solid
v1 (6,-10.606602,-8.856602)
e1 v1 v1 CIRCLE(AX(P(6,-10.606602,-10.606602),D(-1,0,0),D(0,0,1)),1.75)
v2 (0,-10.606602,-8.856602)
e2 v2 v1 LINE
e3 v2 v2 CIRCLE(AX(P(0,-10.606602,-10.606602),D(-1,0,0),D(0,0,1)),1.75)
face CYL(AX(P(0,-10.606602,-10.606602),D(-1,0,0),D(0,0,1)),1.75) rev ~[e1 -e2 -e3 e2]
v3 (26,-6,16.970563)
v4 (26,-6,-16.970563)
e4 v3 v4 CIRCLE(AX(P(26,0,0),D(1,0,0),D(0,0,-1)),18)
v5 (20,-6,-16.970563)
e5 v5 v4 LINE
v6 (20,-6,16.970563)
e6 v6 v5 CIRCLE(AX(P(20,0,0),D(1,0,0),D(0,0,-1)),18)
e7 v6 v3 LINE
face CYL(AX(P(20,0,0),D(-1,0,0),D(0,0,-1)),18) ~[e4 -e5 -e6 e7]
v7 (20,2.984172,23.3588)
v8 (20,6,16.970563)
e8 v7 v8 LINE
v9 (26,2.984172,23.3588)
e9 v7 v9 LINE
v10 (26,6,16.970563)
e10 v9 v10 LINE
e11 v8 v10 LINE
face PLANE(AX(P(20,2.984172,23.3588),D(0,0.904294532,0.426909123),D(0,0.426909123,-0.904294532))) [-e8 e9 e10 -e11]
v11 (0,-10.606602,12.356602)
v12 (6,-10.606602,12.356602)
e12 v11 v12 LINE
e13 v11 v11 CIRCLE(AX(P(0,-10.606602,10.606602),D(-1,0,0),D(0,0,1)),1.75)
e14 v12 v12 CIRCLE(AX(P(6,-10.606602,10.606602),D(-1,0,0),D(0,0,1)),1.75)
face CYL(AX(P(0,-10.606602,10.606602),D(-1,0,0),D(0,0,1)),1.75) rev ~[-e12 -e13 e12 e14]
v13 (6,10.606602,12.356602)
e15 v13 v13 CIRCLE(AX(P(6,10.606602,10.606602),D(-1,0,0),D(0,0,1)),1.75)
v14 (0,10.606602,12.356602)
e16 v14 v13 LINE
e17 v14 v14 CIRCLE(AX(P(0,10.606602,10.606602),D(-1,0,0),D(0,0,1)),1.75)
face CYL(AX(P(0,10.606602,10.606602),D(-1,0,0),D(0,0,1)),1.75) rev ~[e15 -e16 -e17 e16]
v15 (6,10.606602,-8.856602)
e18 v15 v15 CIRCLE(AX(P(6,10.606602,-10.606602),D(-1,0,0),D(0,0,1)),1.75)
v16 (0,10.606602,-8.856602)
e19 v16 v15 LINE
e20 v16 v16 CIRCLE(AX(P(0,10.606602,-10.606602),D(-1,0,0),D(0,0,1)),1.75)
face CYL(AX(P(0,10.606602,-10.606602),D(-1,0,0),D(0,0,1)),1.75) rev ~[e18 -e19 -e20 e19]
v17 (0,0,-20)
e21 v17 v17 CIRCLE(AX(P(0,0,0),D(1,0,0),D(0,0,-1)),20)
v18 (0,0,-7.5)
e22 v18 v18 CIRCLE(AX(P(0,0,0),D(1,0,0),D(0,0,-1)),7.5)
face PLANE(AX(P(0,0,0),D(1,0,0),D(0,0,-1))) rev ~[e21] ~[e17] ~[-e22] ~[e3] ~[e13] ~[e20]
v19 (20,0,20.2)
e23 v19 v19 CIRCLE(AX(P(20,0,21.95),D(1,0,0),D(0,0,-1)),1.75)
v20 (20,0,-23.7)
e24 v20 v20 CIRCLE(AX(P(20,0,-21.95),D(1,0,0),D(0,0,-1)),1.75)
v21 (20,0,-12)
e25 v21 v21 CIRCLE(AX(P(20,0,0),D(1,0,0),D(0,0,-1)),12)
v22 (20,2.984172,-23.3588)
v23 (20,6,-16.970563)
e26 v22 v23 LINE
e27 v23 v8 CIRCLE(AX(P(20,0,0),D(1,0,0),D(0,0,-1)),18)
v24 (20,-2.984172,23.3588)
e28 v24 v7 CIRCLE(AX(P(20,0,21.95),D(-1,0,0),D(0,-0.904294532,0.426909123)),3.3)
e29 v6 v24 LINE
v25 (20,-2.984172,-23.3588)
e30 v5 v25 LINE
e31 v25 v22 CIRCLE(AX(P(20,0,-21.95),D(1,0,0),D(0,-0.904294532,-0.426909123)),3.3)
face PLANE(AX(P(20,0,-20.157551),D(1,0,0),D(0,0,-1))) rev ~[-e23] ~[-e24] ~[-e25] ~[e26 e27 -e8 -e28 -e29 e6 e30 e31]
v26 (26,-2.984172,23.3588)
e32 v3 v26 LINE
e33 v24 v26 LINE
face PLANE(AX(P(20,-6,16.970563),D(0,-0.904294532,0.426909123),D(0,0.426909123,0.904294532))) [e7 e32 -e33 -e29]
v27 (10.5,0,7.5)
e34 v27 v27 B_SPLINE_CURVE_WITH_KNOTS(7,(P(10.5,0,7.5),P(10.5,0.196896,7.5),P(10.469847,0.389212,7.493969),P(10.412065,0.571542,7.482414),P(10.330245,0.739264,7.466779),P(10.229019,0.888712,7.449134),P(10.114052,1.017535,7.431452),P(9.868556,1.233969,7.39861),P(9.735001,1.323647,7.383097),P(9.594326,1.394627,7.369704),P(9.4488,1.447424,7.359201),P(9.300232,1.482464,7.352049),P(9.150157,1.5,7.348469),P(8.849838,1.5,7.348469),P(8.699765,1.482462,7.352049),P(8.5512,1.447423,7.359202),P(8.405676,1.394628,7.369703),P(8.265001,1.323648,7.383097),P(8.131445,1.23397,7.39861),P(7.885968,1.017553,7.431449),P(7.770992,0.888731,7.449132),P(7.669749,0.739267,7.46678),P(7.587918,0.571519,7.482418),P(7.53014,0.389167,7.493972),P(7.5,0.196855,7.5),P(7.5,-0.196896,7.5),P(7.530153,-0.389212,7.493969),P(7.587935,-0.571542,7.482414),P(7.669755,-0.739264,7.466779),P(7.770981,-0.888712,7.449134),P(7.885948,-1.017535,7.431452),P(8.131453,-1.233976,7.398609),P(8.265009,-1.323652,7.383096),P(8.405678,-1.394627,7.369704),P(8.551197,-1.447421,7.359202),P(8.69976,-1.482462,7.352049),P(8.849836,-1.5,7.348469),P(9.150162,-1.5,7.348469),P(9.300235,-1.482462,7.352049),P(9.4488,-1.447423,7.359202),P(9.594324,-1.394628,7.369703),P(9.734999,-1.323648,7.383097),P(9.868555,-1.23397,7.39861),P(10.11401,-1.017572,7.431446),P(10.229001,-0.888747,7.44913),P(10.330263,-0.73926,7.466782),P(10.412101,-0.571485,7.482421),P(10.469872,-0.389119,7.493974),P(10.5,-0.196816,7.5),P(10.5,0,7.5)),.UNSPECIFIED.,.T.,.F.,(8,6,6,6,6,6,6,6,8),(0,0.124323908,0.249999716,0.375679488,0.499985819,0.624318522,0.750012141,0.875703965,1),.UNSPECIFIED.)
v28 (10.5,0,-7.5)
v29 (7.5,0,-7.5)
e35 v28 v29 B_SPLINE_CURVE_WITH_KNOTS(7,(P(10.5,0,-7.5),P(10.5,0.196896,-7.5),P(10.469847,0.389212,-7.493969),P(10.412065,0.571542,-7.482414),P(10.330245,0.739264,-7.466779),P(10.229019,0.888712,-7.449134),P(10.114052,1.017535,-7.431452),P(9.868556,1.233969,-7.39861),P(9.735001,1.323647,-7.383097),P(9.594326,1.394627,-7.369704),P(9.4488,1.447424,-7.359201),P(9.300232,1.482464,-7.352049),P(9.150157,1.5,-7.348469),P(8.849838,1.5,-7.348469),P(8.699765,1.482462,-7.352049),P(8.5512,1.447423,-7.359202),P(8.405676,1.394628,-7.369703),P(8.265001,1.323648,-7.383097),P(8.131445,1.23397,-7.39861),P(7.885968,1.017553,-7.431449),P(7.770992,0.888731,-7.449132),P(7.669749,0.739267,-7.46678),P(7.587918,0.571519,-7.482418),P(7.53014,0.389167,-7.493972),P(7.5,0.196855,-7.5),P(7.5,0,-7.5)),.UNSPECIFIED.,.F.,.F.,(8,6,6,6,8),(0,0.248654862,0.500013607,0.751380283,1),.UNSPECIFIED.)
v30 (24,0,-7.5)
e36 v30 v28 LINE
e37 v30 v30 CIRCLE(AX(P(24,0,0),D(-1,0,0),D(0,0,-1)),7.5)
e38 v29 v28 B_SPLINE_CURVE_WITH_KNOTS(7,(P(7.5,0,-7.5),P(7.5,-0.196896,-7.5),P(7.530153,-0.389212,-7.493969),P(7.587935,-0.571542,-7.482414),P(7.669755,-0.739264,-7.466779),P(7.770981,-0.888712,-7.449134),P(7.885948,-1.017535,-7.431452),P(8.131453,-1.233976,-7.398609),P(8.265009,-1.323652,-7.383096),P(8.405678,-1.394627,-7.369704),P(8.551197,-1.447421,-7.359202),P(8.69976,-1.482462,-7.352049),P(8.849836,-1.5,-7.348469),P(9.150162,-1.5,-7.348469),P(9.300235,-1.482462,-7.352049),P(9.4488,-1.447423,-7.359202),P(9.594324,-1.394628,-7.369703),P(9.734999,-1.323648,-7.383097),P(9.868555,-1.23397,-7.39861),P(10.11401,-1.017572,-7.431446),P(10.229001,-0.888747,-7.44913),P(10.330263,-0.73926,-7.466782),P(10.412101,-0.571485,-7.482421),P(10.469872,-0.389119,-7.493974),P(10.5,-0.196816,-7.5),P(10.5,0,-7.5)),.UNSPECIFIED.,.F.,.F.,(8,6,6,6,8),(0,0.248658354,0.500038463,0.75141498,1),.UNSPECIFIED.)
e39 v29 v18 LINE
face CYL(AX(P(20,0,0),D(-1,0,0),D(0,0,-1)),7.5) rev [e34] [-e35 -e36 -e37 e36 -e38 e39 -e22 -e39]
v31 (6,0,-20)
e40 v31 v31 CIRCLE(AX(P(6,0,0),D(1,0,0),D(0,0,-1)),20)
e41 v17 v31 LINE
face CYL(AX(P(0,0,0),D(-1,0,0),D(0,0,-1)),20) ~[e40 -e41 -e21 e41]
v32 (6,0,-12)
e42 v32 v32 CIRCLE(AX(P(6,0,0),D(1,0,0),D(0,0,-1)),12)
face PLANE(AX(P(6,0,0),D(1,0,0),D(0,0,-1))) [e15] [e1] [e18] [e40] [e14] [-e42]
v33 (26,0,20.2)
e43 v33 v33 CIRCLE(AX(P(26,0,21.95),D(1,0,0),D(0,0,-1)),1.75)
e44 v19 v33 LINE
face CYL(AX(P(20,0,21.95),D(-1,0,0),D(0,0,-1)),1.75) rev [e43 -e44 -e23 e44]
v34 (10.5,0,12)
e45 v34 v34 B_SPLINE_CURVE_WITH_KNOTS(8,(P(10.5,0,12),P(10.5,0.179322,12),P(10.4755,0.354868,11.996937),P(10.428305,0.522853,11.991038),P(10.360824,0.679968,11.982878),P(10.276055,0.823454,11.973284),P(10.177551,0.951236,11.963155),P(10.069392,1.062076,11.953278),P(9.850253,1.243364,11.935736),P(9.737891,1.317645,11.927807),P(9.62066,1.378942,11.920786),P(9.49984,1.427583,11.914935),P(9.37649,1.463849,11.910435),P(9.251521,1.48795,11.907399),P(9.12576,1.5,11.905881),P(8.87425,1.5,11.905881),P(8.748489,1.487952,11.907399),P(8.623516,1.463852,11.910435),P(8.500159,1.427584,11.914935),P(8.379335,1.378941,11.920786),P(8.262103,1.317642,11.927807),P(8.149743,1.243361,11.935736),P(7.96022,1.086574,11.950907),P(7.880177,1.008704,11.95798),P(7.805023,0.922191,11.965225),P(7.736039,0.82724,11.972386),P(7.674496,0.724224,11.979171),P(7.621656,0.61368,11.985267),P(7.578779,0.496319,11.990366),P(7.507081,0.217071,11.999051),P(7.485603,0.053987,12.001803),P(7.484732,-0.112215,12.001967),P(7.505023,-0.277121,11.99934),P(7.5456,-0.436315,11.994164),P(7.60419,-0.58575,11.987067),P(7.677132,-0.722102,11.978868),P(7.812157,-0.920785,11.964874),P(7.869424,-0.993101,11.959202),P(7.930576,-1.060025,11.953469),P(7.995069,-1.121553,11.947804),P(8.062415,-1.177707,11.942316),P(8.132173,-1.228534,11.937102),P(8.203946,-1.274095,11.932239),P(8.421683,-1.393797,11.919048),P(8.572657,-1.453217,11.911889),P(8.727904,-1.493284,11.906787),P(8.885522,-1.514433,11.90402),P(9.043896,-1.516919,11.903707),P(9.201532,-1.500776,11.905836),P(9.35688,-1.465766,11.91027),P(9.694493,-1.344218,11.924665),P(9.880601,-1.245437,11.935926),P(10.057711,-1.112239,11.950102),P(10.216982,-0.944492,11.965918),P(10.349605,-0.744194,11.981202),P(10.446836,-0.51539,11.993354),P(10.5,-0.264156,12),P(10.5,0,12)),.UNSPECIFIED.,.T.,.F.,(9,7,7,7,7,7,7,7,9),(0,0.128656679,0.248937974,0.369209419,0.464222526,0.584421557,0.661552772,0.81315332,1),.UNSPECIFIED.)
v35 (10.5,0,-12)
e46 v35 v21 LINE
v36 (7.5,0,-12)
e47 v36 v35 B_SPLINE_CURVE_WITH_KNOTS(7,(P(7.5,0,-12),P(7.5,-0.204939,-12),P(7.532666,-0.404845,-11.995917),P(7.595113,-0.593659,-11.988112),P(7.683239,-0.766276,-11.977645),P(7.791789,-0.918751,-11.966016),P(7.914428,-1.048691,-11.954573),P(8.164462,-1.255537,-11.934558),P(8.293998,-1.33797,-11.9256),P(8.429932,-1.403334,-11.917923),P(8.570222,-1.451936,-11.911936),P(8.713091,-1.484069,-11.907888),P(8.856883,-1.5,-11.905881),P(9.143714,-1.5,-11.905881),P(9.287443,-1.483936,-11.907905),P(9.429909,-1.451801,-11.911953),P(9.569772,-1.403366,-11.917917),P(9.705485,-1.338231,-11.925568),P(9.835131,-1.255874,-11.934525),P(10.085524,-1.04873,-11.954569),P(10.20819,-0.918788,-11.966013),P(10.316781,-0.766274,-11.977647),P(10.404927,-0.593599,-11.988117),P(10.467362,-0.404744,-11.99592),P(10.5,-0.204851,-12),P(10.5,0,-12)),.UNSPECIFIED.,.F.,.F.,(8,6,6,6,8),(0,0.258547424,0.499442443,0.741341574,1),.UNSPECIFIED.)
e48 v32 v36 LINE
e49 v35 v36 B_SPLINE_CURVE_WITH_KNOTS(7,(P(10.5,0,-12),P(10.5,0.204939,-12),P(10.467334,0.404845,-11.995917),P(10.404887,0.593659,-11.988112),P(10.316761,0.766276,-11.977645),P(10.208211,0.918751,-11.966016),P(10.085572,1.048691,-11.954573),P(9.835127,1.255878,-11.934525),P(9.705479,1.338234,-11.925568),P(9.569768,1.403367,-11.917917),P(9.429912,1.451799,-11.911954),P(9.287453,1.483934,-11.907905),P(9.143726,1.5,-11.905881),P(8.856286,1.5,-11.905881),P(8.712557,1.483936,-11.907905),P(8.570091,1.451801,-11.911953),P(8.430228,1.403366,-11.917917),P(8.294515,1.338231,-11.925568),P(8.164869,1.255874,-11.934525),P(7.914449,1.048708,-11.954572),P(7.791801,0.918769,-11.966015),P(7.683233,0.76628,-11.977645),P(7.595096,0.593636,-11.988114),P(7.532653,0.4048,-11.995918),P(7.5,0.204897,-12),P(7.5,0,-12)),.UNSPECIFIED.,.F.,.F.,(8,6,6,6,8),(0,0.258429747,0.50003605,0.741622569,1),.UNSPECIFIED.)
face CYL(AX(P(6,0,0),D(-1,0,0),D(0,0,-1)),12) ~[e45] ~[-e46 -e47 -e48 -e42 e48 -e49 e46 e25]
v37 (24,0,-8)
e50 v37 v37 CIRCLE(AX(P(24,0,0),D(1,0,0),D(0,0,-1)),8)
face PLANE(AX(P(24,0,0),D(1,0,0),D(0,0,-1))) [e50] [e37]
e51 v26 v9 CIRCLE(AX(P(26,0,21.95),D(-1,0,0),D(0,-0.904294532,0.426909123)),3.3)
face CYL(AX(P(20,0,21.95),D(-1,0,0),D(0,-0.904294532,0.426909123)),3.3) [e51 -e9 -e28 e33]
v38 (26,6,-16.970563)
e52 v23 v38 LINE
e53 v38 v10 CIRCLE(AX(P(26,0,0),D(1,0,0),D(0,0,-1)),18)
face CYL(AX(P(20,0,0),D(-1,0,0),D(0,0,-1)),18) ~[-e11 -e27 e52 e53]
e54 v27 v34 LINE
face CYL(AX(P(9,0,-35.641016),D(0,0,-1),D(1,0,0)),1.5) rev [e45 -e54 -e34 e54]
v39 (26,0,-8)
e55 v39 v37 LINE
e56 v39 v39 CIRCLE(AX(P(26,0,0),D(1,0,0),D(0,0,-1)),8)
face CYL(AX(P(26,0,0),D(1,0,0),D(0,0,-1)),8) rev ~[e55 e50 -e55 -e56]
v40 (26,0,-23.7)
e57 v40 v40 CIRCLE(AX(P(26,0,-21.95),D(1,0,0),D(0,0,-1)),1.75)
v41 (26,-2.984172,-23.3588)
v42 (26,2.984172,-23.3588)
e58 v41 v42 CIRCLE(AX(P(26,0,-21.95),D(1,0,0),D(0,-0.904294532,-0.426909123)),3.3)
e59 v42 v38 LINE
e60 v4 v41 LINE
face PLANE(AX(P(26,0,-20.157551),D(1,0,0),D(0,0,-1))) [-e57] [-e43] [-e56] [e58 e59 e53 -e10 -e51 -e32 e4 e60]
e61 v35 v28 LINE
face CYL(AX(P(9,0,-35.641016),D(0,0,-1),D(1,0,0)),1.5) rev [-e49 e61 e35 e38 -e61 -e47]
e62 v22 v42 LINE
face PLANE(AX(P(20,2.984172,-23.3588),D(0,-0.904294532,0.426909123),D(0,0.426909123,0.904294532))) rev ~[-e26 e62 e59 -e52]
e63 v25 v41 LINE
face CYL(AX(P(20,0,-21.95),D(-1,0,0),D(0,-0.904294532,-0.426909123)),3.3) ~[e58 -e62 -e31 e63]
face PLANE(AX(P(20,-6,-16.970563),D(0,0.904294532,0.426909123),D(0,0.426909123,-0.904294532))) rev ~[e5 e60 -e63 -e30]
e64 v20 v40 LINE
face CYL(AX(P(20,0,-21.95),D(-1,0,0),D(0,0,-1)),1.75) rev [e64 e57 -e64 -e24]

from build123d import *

# Parameters (mm, degrees)
SKETCH1_R               = 20
SKETCH1_R_2             = 7.5
BOSS_EXTRUDE1_DEPTH     = 6
SKETCH3_R               = 12
SKETCH3_R_2             = 7.5
BOSS_EXTRUDE2_DEPTH     = 14
CUT_EXTRUDE2_DEPTH      = 35.641016151
CUT_EXTRUDE2_DEPTH_BACK = 35.641016151
SKETCH4_R               = 1.5
SKETCH5_R               = 18
SKETCH5_R_2             = 7.5
BOSS_EXTRUDE3_DEPTH     = 6
BOSS_EXTRUDE4_START     = -6
SKETCH6_R               = 1.75
BOSS_EXTRUDE4_DEPTH     = 6
SKETCH2_R               = 1.75
CUT_EXTRUDE1_DEPTH      = 6
SKETCH7_R               = 8
CUT_EXTRUDE3_DEPTH      = 2


with BuildPart() as part:
    # Sketch1 → Boss-Extrude1 (new body)
    with BuildSketch(Plane(origin=(0, 0, 0), x_dir=(0, 0, -1), z_dir=(1, 0, 0))):
        Circle(SKETCH1_R)
        Circle(SKETCH1_R_2, mode=Mode.SUBTRACT)
    extrude(amount=BOSS_EXTRUDE1_DEPTH)

    # Sketch3 → Boss-Extrude2 (add)
    with BuildSketch(Plane(origin=(6, 0, 0), x_dir=(0, 0, -1), z_dir=(1, 0, 0))):
        Circle(SKETCH3_R)
        Circle(SKETCH3_R_2, mode=Mode.SUBTRACT)
    extrude(amount=BOSS_EXTRUDE2_DEPTH)

    # Sketch4 → Cut-Extrude2 (cut, two sides: drawn at the far end of the back side and taken through both)
    with BuildSketch(Plane.XY.offset(-CUT_EXTRUDE2_DEPTH_BACK)):
        with Locations((9, 0)):
            Circle(SKETCH4_R)
    extrude(amount=CUT_EXTRUDE2_DEPTH + CUT_EXTRUDE2_DEPTH_BACK, mode=Mode.SUBTRACT)

    # Sketch5 → Boss-Extrude3 (add)
    with BuildSketch(Plane(origin=(20, 0, 0), x_dir=(0, 0, -1), z_dir=(1, 0, 0))):
        Circle(SKETCH5_R)
        Circle(SKETCH5_R_2, mode=Mode.SUBTRACT)
    extrude(amount=BOSS_EXTRUDE3_DEPTH)

    # Sketch6 → Boss-Extrude4 (add)
    # profile 1 of 2: a face of its own
    with BuildSketch(Plane(origin=(26, 0, 0), x_dir=(0, 0, -1), z_dir=(1, 0, 0)).offset(BOSS_EXTRUDE4_START)):
        with BuildLine():
            Line((-23.358800107, 2.984171955), (-16.970562748, 6))
            ThreePointArc((-16.970562748, 6), (-18, 0), (-16.970562748, -6))
            Line((-16.970562748, -6), (-23.358800107, -2.984171955))
            ThreePointArc((-23.358800107, -2.984171955), (-25.25, 0), (-23.358800107, 2.984171955))
        make_face()
        with Locations((-21.95, 0)):
            Circle(SKETCH6_R, mode=Mode.SUBTRACT)
    # profile 2 of 2: a face of its own
    with BuildSketch(Plane(origin=(26, 0, 0), x_dir=(0, 0, -1), z_dir=(1, 0, 0)).offset(BOSS_EXTRUDE4_START)):
        with BuildLine():
            Line((23.358800107, 2.984171955), (16.970562748, 6))
            ThreePointArc((16.970562748, 6), (18, 0), (16.970562748, -6))
            Line((16.970562748, -6), (23.358800107, -2.984171955))
            ThreePointArc((23.358800107, -2.984171955), (25.25, 0), (23.358800107, 2.984171955))
        make_face()
        with Locations((21.95, 0)):
            Circle(SKETCH6_R, mode=Mode.SUBTRACT)
    extrude(amount=BOSS_EXTRUDE4_DEPTH)

    # Sketch2 → Cut-Extrude1 (cut)
    with BuildSketch(Plane.ZY):
        with Locations((-10.606601718, 10.606601718)):
            Circle(SKETCH2_R)
        with Locations((10.606601718, 10.606601718)):
            Circle(SKETCH2_R)
        with Locations((10.606601718, -10.606601718)):
            Circle(SKETCH2_R)
        with Locations((-10.606601718, -10.606601718)):
            Circle(SKETCH2_R)
    extrude(amount=-CUT_EXTRUDE1_DEPTH, mode=Mode.SUBTRACT)

    # Sketch7 → Cut-Extrude3 (cut)
    with BuildSketch(Plane(origin=(26, 0, 0), x_dir=(0, 0, -1), z_dir=(1, 0, 0))):
        Circle(SKETCH7_R)
    extrude(amount=-CUT_EXTRUDE3_DEPTH, mode=Mode.SUBTRACT)


solid = part.part
